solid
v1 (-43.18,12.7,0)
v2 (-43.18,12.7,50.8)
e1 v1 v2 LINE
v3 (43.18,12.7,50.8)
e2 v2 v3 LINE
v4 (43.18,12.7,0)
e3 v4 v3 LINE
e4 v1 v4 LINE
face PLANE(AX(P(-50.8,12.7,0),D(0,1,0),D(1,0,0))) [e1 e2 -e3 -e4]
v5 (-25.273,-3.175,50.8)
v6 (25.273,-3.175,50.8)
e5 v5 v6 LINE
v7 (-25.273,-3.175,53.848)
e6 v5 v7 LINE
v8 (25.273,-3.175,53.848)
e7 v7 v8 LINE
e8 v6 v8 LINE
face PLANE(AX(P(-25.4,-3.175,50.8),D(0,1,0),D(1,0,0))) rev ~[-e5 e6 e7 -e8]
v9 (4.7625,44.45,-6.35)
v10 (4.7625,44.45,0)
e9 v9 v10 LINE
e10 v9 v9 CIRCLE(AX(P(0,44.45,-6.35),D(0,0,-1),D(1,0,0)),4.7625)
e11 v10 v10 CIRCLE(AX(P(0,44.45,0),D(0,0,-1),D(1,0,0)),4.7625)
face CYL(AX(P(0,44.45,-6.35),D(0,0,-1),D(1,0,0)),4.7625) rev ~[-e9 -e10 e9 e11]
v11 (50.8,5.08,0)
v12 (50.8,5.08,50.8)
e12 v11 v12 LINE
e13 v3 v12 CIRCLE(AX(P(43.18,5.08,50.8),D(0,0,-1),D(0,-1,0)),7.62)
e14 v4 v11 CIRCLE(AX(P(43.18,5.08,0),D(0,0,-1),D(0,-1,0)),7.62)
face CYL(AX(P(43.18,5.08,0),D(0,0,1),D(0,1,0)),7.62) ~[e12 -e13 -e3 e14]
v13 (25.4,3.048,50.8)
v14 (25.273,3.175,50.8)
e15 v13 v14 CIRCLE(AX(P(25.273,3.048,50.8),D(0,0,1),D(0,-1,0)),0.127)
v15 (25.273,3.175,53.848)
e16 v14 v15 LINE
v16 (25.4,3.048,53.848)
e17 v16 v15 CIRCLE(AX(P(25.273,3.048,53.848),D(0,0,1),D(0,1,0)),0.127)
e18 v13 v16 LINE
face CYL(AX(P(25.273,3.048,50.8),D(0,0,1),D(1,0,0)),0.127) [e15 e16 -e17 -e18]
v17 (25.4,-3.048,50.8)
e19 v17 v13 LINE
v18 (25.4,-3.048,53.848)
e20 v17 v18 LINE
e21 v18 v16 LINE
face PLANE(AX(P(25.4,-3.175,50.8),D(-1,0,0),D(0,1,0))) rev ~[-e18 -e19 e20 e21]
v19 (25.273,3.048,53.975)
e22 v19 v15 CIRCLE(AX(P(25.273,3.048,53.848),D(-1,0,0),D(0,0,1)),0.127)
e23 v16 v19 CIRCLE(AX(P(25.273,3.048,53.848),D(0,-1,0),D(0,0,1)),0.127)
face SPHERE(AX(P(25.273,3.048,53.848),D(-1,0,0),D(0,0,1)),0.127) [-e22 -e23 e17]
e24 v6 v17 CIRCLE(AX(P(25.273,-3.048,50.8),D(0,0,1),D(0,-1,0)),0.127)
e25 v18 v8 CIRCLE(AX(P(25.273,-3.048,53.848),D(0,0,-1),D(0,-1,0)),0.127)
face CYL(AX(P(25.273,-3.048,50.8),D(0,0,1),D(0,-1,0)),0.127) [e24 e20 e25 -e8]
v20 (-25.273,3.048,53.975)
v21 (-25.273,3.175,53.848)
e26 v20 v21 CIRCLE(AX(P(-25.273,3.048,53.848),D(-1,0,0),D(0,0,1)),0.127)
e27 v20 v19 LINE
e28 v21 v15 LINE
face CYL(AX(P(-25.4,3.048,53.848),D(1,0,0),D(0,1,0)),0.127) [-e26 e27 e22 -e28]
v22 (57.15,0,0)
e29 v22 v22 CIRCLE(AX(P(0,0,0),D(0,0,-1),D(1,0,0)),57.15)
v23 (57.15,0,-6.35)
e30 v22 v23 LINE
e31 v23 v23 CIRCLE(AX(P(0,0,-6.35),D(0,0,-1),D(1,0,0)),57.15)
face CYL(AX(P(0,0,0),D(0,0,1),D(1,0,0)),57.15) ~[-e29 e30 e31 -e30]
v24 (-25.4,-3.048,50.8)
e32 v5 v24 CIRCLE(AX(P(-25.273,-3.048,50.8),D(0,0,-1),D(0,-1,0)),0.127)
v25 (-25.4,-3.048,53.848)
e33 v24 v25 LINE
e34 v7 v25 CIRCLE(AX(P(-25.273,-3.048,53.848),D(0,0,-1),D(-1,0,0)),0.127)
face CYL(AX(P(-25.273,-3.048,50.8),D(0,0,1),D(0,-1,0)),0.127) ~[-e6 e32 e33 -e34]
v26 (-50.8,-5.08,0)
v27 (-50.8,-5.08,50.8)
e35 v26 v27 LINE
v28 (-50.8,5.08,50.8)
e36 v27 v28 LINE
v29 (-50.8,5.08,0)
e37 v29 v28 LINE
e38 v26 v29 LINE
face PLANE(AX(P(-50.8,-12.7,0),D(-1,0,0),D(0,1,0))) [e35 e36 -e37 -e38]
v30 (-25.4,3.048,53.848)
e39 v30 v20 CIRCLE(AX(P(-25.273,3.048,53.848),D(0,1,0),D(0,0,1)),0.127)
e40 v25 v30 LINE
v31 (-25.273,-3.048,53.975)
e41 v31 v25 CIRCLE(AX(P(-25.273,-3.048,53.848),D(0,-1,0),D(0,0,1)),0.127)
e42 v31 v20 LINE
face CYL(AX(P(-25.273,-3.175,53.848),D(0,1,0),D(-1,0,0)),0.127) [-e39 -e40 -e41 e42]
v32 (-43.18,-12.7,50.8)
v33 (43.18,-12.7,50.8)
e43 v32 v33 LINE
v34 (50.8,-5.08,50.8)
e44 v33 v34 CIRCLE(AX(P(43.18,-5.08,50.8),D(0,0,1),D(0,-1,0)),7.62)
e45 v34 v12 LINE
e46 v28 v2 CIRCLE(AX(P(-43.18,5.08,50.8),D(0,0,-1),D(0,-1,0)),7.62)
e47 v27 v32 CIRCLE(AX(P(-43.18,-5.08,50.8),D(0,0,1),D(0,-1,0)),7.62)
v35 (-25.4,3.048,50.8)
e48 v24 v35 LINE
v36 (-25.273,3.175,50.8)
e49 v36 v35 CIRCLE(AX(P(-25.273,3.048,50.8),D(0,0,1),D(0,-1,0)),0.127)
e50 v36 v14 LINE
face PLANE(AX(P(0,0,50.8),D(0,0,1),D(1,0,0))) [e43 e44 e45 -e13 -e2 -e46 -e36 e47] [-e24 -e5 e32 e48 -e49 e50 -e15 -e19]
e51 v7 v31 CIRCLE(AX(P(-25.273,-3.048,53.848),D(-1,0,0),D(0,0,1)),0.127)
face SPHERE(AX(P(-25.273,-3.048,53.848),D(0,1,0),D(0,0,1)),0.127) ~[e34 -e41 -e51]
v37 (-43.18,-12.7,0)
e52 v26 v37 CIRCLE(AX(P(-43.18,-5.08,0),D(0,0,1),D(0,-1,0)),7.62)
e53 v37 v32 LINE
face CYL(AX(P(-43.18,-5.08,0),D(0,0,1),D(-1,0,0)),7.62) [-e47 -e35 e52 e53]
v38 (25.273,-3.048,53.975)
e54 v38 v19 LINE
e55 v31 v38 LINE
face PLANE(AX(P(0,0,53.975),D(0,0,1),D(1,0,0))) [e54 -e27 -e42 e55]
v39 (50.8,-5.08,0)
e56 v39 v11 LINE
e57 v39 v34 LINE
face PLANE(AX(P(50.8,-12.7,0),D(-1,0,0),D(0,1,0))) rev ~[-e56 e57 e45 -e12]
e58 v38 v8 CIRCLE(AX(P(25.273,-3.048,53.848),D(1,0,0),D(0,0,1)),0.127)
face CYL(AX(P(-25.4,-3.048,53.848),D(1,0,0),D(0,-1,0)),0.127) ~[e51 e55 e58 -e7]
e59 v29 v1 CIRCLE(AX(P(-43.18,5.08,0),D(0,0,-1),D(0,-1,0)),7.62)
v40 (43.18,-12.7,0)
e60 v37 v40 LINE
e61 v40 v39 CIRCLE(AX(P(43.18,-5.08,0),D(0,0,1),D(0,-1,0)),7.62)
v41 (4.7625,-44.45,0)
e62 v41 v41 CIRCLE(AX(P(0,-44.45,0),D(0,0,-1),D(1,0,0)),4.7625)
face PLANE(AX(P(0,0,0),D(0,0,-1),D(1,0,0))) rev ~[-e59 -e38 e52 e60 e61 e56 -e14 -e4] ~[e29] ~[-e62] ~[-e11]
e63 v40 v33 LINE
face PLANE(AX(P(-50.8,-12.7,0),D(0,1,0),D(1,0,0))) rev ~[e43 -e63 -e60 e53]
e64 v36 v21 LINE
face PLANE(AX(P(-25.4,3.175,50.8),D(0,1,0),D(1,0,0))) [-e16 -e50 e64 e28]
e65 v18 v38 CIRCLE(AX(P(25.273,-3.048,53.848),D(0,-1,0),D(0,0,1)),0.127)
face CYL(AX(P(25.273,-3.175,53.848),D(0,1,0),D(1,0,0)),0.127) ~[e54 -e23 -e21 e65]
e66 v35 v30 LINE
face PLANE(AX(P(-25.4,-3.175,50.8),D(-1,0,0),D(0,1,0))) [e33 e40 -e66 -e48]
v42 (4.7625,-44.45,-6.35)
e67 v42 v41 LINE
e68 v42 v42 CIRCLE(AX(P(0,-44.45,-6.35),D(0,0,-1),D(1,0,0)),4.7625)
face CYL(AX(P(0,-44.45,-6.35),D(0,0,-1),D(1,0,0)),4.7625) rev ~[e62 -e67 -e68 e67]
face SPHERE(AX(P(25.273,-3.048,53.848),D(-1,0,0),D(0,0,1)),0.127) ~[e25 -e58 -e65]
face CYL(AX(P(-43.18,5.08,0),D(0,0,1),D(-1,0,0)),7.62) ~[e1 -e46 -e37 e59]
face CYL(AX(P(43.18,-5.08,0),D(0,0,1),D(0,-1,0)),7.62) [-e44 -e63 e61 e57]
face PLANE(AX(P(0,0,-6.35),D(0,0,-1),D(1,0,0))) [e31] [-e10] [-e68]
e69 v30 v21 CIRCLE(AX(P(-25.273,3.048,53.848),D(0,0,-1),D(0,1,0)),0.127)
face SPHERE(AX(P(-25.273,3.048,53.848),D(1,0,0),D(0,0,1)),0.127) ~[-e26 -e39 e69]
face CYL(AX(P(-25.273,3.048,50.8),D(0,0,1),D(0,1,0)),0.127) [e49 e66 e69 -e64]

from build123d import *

# Parameters (mm, degrees)
F0_W     = 101.6
F0_H     = 25.4
F1_DEPTH = 50.8
F2_W     = 50.8
F2_H     = 6.35
F3_DEPTH = 3.175
F4_R     = 57.15
F5_DEPTH = 6.35
F6_R     = 4.7625
F7_DEPTH = 25.4
F8_R     = 7.62
F9_R     = 0.127


with BuildPart() as f1:
    # F0 (on Top) → F1 (new body)
    with BuildSketch(Plane.XY):
        Rectangle(F0_W, F0_H)
    extrude(amount=F1_DEPTH)

    # F2 (on face) → F3 (join)
    with BuildSketch(Plane.XY.offset(50.8)):
        Rectangle(F2_W, F2_H)
    extrude(amount=F3_DEPTH)

    # F4 (on face) → F5 (join)
    with BuildSketch(Plane(origin=(0, 0, 0), x_dir=(1, 0, 0), z_dir=(0, 0, -1))):
        Circle(F4_R)
    extrude(amount=F5_DEPTH)

    # F6 (on face) → F7 (cut)
    with BuildSketch(Plane(origin=(0, 0, -6.35), x_dir=(1, 0, 0), z_dir=(0, 0, -1))):
        with Locations((0, 44.45)):
            Circle(F6_R)
        with Locations((0, -44.45)):
            Circle(F6_R)
    extrude(amount=-F7_DEPTH, mode=Mode.SUBTRACT)

    # F8
    f8_edges = [f1.edges().sort_by_distance(p)[0] for p in [
        (50.8, -12.7, 25.4),
        (50.8, 12.7, 25.4),
        (-50.8, -12.7, 25.4),
        (-50.8, 12.7, 25.4),
    ]]
    fillet(f8_edges, radius=F8_R)

    # F9
    f9_edges = [f1.edges().sort_by_distance(p)[0] for p in [
        (0, 3.175, 53.975),
        (-25.4, 0, 53.975),
        (0, -3.175, 53.975),
        (25.4, 0, 53.975),
        (25.4, -3.175, 52.3875),
        (25.4, 3.175, 52.3875),
        (-25.4, -3.175, 52.3875),
        (-25.4, 3.175, 52.3875),
    ]]
    fillet(f9_edges, radius=F9_R)


solid = f1.part
